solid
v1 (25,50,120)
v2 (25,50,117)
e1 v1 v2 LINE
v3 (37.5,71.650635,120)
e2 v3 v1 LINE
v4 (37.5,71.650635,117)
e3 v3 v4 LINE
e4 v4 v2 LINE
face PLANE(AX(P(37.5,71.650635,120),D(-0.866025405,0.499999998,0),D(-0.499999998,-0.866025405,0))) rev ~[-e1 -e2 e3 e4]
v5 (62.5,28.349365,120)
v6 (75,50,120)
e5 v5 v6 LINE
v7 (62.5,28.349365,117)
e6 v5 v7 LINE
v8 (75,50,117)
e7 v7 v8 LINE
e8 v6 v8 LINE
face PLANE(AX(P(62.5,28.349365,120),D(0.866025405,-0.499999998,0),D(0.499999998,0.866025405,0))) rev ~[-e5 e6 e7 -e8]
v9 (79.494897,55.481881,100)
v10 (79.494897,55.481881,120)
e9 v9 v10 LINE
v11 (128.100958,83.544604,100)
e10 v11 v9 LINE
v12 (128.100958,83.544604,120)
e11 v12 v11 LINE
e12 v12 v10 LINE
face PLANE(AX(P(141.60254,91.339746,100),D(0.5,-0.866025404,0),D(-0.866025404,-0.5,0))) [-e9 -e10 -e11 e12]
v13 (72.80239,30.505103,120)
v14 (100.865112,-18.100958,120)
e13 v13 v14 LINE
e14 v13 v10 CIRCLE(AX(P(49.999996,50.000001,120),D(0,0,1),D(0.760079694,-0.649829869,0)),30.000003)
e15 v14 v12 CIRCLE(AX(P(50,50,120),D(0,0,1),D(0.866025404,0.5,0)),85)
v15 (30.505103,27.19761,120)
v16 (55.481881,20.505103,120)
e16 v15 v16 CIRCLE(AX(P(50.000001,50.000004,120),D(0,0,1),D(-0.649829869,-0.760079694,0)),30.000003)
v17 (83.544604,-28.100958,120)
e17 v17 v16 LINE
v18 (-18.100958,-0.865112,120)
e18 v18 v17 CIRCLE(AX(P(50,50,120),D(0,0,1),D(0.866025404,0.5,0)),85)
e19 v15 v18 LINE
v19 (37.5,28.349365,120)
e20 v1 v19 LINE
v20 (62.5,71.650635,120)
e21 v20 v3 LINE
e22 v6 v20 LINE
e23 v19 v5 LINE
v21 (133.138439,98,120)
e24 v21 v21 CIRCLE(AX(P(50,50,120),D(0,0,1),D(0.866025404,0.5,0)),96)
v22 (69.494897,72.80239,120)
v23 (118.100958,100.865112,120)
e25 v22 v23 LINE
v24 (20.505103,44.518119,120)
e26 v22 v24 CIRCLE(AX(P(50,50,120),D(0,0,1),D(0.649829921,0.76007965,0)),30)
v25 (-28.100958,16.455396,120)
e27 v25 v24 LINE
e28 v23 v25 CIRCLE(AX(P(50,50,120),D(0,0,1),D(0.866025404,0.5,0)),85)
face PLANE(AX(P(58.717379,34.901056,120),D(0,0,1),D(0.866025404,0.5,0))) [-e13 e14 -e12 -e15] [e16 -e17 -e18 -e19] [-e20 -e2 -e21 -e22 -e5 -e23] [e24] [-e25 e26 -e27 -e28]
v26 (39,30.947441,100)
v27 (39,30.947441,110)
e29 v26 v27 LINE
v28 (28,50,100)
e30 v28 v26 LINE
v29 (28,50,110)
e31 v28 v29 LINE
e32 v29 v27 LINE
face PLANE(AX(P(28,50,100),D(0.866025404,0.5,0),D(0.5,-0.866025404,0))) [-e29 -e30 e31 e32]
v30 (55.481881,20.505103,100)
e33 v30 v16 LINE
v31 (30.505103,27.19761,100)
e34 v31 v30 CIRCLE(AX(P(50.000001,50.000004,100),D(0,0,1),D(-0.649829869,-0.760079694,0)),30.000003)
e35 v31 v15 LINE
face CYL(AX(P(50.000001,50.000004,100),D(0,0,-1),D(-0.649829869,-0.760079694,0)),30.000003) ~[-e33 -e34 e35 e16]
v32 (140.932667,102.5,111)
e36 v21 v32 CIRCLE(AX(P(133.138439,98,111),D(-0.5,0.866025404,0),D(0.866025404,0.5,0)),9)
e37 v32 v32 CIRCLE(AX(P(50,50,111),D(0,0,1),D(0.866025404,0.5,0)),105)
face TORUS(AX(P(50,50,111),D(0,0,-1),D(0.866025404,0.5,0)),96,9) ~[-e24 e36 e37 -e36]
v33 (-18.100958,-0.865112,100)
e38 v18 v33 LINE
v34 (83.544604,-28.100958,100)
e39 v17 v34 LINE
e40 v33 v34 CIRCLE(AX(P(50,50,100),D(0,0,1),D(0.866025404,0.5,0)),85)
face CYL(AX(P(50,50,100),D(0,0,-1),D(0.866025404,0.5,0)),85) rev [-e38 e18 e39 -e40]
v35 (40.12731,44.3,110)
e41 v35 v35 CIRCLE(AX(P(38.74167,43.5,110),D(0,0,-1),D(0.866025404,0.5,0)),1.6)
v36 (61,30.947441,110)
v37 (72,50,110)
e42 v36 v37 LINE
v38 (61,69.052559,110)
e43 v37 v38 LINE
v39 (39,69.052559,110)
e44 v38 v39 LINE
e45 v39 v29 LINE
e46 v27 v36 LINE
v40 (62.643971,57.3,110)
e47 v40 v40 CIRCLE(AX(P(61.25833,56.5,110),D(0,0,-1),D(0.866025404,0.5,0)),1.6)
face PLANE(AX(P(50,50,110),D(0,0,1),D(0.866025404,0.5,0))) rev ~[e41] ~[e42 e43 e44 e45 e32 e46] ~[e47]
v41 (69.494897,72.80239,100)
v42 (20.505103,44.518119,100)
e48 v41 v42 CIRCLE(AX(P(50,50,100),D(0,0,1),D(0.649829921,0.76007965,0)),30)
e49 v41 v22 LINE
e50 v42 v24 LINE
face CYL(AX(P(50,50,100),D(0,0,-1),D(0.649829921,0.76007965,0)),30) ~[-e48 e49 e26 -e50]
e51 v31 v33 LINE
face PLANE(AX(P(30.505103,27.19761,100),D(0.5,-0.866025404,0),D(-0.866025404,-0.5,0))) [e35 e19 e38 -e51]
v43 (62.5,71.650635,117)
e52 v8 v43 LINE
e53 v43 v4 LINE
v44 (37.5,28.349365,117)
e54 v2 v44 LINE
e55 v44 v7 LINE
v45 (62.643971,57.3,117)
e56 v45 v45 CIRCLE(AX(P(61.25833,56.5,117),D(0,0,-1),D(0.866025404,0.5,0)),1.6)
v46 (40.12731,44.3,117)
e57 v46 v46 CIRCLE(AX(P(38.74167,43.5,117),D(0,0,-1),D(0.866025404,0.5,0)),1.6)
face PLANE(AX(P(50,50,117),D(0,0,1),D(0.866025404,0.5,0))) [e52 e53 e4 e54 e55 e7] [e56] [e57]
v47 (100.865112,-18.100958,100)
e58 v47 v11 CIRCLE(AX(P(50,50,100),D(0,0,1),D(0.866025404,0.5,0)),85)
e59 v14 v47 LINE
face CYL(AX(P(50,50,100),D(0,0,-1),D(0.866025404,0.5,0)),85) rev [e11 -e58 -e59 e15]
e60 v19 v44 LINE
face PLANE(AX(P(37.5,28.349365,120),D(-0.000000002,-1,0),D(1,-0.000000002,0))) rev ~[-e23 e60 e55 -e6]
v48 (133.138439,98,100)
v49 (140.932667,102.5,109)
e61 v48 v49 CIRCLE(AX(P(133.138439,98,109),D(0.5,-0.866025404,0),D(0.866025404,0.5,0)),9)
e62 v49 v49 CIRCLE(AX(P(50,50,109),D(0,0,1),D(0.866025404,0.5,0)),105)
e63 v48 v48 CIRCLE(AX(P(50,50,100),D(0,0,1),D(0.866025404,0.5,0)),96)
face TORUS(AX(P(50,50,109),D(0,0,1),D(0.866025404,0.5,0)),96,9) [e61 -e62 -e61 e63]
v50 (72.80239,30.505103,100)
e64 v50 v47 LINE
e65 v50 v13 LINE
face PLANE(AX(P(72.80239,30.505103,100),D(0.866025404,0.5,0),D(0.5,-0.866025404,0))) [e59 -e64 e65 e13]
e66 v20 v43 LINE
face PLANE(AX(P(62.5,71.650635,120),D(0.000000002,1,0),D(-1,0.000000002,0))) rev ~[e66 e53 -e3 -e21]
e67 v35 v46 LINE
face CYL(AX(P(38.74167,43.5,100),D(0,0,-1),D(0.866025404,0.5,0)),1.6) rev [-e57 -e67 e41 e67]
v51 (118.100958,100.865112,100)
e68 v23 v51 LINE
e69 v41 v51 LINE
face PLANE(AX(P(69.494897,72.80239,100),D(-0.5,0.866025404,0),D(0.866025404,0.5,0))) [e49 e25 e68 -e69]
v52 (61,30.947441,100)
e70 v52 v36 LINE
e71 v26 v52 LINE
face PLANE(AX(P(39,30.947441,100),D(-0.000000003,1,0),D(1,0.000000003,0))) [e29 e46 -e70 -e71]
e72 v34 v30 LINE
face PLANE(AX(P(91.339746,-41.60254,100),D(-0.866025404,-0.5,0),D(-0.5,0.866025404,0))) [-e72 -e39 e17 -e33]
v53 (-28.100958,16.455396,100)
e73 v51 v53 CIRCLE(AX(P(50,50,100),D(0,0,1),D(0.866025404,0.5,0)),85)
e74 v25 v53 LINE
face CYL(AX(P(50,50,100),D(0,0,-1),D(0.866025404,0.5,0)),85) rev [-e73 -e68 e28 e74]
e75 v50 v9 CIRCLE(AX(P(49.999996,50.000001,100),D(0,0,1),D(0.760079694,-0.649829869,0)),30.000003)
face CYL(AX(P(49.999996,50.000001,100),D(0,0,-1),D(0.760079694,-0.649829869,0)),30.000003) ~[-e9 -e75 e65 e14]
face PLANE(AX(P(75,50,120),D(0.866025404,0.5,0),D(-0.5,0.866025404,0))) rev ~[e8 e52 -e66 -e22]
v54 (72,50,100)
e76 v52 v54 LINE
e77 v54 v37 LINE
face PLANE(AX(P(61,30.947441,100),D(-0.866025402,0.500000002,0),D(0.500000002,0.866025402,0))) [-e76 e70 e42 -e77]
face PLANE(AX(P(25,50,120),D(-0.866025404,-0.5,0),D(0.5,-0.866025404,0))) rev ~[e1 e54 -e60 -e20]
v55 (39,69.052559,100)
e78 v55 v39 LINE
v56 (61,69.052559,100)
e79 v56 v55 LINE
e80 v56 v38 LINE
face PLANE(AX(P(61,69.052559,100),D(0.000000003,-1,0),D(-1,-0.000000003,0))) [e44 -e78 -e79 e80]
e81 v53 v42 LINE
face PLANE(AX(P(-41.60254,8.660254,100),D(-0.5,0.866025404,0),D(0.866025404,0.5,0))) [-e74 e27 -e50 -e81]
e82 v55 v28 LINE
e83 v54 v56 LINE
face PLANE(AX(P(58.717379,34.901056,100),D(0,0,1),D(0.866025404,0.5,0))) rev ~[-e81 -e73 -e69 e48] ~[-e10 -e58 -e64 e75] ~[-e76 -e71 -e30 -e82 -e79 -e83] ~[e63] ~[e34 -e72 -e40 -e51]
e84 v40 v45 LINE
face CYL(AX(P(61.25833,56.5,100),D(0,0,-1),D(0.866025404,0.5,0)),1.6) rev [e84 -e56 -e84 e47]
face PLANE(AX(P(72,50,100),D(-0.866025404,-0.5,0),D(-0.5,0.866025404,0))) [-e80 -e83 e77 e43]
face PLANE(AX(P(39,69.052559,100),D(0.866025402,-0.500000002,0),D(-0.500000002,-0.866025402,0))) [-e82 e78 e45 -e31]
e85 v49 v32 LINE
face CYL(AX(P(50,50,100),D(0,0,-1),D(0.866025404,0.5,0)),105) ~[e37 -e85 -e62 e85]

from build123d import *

# Parameters (mm, degrees)
SKETCH012_R             = 105
SKETCH012_R_2           = 85
PAD006_DEPTH            = 20
PAD005_DEPTH            = 20
POCKET006_DEPTH         = 10
SKETCH013_R             = 1.6
POCKET007_DEPTH         = 20
POCKET008_DEPTH         = 3
FILLET001_R             = 9
BODY002_PLACEMENT_ANGLE = 30


with BuildPart() as part:
    # Sketch012 → Pad006 (new body)
    with BuildSketch(Plane.XY):
        Circle(SKETCH012_R)
        Circle(SKETCH012_R_2, mode=Mode.SUBTRACT)
    extrude(amount=PAD006_DEPTH)

    # Sketch014 → Pad005 (join)
    with BuildSketch(Plane.XY):
        with BuildLine():
            ThreePointArc((-28.284271, -10), (-21.213203, -21.213203), (-10, -28.284271))
            Line((-10, -100), (-10, -28.284271))
            Line((10, -100), (-10, -100))
            Line((10, -28.284271), (10, -100))
            ThreePointArc((10, -28.284271), (21.213203, -21.213203), (28.284271, -10))
            Line((100, -10), (28.284271, -10))
            Line((100, 10), (100, -10))
            Line((28.284271, 10), (100, 10))
            ThreePointArc((28.284271, 10), (0, 30), (-28.284271, 10))
            Line((-100, 10), (-28.284271, 10))
            Line((-100, -10), (-100, 10))
            Line((-28.284271, -10), (-100, -10))
        make_face()
    extrude(amount=PAD005_DEPTH)

    # Sketch011 → Pocket006 (cut)
    with BuildSketch(Plane.XY):
        Polygon((19.052559, 11), (0, 22), (-19.052559, 11), (-19.052559, -11), (0, -22), (19.052559, -11), align=None)
    extrude(amount=POCKET006_DEPTH, mode=Mode.SUBTRACT)

    # Sketch013 → Pocket007 (cut)
    with BuildSketch(Plane.XY):
        with Locations((-13, 0)):
            Circle(SKETCH013_R)
        with Locations((13, 0)):
            Circle(SKETCH013_R)
    extrude(amount=POCKET007_DEPTH, mode=Mode.SUBTRACT)

    # Sketch015 → Pocket008 (cut)
    with BuildSketch(Plane.XY.offset(20)):
        Polygon((21.650635, 12.5), (0, 25), (-21.650635, 12.5), (-21.650635, -12.5), (0, -25), (21.650635, -12.5), align=None)
    extrude(amount=-POCKET008_DEPTH, mode=Mode.SUBTRACT)

    # Fillet001
    fillet001_edges = [part.edges().sort_by_distance(p)[0] for p in [
        (-105, 0, 20),
        (-105, 0, 0),
    ]]
    fillet(fillet001_edges, radius=FILLET001_R)


with BuildPart() as part_1:
    # Body002 placement: moved
    add(part.part.moved(Location((50, 50, 100))).rotate(Axis((50, 50, 100), (0, 0, 1)), BODY002_PLACEMENT_ANGLE))


solid = part_1.part
